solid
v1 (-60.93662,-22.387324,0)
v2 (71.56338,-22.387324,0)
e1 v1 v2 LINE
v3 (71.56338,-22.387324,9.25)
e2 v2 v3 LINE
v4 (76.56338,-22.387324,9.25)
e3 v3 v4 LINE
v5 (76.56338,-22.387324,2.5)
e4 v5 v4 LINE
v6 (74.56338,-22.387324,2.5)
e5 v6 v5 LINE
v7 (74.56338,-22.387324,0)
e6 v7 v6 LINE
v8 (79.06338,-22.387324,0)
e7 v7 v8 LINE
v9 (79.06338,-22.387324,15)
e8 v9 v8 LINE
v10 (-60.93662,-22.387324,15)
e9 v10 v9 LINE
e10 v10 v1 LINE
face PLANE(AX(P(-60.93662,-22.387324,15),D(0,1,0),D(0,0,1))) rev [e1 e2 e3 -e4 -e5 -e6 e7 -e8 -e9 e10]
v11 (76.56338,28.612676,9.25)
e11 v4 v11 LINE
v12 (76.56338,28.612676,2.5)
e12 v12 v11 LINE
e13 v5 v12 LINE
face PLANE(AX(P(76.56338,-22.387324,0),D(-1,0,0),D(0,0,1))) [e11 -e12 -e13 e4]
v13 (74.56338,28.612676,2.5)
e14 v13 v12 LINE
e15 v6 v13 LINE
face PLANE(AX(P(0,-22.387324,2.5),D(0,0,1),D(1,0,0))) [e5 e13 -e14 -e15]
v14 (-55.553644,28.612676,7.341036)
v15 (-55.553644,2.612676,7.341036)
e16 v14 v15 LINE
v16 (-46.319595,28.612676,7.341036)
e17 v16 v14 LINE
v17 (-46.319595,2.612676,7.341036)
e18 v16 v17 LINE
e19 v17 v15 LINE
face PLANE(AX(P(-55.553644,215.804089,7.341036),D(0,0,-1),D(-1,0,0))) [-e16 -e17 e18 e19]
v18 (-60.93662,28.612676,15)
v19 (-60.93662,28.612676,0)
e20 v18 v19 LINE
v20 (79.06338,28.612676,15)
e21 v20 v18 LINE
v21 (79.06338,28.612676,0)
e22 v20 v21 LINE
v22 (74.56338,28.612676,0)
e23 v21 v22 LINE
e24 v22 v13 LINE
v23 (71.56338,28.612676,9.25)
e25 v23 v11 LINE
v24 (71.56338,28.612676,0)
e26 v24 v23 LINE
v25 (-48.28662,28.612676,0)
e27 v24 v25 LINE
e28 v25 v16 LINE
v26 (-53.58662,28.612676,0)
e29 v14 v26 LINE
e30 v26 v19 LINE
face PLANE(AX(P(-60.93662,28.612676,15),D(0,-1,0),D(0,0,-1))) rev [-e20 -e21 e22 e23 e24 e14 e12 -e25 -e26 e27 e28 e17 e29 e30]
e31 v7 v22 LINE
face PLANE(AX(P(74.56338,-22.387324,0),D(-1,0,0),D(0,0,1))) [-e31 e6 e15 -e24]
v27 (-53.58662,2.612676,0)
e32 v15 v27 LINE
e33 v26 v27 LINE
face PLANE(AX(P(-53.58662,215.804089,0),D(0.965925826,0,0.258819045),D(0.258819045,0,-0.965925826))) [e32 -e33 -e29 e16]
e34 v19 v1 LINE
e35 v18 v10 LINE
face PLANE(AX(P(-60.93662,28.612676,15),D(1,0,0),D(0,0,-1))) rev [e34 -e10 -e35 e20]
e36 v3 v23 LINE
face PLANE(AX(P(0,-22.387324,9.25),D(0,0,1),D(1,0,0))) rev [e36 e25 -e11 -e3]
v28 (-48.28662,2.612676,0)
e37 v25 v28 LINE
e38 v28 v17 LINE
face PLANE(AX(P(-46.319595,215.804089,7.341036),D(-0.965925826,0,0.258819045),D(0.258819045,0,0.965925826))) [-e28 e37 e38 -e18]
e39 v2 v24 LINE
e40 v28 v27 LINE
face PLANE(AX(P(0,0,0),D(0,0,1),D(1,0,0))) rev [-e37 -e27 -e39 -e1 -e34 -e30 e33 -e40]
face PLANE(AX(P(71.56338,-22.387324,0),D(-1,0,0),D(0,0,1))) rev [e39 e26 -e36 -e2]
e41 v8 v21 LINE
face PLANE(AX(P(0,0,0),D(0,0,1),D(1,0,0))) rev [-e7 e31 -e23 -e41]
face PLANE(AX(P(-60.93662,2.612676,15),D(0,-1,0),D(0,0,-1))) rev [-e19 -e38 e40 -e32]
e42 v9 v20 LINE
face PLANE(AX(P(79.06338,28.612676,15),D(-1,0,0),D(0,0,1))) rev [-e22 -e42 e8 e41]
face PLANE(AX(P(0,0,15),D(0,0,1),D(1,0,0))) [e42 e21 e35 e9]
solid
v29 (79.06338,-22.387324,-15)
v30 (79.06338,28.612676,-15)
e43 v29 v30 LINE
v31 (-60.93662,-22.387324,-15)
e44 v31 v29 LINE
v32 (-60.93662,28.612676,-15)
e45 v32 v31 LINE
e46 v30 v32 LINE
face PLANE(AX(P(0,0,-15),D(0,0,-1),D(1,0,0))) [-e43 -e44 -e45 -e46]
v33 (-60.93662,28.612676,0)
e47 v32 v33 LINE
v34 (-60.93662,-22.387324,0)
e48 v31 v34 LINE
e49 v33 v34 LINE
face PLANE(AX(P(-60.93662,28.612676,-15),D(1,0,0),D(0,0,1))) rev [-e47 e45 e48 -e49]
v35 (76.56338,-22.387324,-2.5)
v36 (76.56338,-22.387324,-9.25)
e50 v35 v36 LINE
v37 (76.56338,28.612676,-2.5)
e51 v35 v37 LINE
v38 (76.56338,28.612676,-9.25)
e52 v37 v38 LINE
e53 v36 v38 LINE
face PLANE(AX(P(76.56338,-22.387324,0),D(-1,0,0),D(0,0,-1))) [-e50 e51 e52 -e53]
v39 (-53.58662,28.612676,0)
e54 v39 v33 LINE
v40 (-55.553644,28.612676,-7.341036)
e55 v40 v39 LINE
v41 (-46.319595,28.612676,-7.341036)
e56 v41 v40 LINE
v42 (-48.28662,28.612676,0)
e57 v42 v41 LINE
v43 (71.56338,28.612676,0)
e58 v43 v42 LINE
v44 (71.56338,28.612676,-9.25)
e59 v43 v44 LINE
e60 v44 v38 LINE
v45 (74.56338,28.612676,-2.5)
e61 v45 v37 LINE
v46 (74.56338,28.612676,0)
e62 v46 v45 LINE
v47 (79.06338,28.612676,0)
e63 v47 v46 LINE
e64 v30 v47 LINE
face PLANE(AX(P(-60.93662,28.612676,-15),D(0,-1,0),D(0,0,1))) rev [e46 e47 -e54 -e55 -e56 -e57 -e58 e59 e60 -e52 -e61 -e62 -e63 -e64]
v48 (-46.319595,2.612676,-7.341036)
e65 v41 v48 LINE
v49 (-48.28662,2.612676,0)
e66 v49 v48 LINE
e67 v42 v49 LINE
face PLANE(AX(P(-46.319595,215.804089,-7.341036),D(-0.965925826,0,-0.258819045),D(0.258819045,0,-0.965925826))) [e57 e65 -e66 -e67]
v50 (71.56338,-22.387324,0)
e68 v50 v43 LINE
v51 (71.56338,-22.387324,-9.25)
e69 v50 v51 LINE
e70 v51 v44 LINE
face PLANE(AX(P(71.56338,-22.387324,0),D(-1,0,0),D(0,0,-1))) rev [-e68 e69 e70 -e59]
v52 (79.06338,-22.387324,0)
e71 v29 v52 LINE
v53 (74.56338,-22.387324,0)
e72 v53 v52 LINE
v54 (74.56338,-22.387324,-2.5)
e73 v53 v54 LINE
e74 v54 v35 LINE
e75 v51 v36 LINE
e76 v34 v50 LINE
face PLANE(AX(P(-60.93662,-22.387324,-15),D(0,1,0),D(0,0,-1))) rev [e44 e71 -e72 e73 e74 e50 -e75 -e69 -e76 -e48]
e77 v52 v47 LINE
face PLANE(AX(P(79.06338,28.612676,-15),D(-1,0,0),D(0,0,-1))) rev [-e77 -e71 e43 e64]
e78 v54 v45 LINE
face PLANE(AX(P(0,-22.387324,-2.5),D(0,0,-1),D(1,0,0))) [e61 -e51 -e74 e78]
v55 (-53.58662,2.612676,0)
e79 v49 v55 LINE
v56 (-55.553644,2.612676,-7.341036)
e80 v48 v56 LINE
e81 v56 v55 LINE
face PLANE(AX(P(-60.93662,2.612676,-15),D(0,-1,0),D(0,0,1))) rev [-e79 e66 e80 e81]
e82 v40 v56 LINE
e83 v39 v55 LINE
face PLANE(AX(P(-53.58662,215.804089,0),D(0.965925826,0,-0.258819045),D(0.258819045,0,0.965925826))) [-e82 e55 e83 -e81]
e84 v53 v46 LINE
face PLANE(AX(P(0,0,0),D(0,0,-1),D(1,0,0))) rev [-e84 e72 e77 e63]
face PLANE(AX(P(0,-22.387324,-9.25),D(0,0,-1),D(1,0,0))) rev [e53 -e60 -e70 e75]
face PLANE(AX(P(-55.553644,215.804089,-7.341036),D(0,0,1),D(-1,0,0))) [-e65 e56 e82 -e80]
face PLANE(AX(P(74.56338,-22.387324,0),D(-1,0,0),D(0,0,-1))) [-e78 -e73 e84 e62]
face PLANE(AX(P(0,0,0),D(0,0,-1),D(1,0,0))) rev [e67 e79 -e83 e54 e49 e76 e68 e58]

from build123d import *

# Parameters (mm, degrees)
SKETCH1_W               = 140
SKETCH1_H               = 51
BOSS_EXTRUDE1_DEPTH     = 15
CUT_EXTRUDE1_DEPTH      = 52
CUT_EXTRUDE2_DEPTH      = 1
CUT_EXTRUDE2_DEPTH_BACK = 26


with BuildPart() as part:
    # Sketch1 → Boss-Extrude1 (new body)
    with BuildSketch(Plane.XY):
        with Locations((9.063380282, 3.112676056)):
            Rectangle(SKETCH1_W, SKETCH1_H)
    extrude(amount=BOSS_EXTRUDE1_DEPTH)

    # Sketch2 → Cut-Extrude1 (cut, through all)
    with BuildSketch(Plane(origin=(0, 28.612676056, 0), x_dir=(1, 0, 0), z_dir=(0, 1, 0))):
        Polygon((74.563380282, -2.5), (74.563380282, 0), (71.563380282, 0), (71.563380282, -2.5), (71.563380282, -9.25), (76.563380282, -9.25), (76.563380282, -2.5), align=None)
    extrude(amount=-CUT_EXTRUDE1_DEPTH, mode=Mode.SUBTRACT)

    # Sketch3 → Cut-Extrude2 (cut, two sides)
    with BuildSketch(Plane(origin=(0, 28.612676056, 0), x_dir=(1, 0, 0), z_dir=(0, 1, 0))) as cut_extrude2_sk:
        Polygon((-352.539176525, 0), (-60.936619718, 0), (-53.586619718, 0), (-55.553644461, -7.34103628), (-46.319594976, -7.34103628), (-48.286619718, 0), (-123.75891502, 281.666440631), (-576.450550722, 649.359910128), (-805.230812226, 367.693469497), align=None)
    extrude(amount=CUT_EXTRUDE2_DEPTH, mode=Mode.SUBTRACT)
    extrude(cut_extrude2_sk.sketch, amount=-CUT_EXTRUDE2_DEPTH_BACK, mode=Mode.SUBTRACT)


with BuildPart() as body_2:
    # Mirror1: mirrored copy
    add(part.part.mirror(Plane.XY))


solid = Compound([part.part, body_2.part])
